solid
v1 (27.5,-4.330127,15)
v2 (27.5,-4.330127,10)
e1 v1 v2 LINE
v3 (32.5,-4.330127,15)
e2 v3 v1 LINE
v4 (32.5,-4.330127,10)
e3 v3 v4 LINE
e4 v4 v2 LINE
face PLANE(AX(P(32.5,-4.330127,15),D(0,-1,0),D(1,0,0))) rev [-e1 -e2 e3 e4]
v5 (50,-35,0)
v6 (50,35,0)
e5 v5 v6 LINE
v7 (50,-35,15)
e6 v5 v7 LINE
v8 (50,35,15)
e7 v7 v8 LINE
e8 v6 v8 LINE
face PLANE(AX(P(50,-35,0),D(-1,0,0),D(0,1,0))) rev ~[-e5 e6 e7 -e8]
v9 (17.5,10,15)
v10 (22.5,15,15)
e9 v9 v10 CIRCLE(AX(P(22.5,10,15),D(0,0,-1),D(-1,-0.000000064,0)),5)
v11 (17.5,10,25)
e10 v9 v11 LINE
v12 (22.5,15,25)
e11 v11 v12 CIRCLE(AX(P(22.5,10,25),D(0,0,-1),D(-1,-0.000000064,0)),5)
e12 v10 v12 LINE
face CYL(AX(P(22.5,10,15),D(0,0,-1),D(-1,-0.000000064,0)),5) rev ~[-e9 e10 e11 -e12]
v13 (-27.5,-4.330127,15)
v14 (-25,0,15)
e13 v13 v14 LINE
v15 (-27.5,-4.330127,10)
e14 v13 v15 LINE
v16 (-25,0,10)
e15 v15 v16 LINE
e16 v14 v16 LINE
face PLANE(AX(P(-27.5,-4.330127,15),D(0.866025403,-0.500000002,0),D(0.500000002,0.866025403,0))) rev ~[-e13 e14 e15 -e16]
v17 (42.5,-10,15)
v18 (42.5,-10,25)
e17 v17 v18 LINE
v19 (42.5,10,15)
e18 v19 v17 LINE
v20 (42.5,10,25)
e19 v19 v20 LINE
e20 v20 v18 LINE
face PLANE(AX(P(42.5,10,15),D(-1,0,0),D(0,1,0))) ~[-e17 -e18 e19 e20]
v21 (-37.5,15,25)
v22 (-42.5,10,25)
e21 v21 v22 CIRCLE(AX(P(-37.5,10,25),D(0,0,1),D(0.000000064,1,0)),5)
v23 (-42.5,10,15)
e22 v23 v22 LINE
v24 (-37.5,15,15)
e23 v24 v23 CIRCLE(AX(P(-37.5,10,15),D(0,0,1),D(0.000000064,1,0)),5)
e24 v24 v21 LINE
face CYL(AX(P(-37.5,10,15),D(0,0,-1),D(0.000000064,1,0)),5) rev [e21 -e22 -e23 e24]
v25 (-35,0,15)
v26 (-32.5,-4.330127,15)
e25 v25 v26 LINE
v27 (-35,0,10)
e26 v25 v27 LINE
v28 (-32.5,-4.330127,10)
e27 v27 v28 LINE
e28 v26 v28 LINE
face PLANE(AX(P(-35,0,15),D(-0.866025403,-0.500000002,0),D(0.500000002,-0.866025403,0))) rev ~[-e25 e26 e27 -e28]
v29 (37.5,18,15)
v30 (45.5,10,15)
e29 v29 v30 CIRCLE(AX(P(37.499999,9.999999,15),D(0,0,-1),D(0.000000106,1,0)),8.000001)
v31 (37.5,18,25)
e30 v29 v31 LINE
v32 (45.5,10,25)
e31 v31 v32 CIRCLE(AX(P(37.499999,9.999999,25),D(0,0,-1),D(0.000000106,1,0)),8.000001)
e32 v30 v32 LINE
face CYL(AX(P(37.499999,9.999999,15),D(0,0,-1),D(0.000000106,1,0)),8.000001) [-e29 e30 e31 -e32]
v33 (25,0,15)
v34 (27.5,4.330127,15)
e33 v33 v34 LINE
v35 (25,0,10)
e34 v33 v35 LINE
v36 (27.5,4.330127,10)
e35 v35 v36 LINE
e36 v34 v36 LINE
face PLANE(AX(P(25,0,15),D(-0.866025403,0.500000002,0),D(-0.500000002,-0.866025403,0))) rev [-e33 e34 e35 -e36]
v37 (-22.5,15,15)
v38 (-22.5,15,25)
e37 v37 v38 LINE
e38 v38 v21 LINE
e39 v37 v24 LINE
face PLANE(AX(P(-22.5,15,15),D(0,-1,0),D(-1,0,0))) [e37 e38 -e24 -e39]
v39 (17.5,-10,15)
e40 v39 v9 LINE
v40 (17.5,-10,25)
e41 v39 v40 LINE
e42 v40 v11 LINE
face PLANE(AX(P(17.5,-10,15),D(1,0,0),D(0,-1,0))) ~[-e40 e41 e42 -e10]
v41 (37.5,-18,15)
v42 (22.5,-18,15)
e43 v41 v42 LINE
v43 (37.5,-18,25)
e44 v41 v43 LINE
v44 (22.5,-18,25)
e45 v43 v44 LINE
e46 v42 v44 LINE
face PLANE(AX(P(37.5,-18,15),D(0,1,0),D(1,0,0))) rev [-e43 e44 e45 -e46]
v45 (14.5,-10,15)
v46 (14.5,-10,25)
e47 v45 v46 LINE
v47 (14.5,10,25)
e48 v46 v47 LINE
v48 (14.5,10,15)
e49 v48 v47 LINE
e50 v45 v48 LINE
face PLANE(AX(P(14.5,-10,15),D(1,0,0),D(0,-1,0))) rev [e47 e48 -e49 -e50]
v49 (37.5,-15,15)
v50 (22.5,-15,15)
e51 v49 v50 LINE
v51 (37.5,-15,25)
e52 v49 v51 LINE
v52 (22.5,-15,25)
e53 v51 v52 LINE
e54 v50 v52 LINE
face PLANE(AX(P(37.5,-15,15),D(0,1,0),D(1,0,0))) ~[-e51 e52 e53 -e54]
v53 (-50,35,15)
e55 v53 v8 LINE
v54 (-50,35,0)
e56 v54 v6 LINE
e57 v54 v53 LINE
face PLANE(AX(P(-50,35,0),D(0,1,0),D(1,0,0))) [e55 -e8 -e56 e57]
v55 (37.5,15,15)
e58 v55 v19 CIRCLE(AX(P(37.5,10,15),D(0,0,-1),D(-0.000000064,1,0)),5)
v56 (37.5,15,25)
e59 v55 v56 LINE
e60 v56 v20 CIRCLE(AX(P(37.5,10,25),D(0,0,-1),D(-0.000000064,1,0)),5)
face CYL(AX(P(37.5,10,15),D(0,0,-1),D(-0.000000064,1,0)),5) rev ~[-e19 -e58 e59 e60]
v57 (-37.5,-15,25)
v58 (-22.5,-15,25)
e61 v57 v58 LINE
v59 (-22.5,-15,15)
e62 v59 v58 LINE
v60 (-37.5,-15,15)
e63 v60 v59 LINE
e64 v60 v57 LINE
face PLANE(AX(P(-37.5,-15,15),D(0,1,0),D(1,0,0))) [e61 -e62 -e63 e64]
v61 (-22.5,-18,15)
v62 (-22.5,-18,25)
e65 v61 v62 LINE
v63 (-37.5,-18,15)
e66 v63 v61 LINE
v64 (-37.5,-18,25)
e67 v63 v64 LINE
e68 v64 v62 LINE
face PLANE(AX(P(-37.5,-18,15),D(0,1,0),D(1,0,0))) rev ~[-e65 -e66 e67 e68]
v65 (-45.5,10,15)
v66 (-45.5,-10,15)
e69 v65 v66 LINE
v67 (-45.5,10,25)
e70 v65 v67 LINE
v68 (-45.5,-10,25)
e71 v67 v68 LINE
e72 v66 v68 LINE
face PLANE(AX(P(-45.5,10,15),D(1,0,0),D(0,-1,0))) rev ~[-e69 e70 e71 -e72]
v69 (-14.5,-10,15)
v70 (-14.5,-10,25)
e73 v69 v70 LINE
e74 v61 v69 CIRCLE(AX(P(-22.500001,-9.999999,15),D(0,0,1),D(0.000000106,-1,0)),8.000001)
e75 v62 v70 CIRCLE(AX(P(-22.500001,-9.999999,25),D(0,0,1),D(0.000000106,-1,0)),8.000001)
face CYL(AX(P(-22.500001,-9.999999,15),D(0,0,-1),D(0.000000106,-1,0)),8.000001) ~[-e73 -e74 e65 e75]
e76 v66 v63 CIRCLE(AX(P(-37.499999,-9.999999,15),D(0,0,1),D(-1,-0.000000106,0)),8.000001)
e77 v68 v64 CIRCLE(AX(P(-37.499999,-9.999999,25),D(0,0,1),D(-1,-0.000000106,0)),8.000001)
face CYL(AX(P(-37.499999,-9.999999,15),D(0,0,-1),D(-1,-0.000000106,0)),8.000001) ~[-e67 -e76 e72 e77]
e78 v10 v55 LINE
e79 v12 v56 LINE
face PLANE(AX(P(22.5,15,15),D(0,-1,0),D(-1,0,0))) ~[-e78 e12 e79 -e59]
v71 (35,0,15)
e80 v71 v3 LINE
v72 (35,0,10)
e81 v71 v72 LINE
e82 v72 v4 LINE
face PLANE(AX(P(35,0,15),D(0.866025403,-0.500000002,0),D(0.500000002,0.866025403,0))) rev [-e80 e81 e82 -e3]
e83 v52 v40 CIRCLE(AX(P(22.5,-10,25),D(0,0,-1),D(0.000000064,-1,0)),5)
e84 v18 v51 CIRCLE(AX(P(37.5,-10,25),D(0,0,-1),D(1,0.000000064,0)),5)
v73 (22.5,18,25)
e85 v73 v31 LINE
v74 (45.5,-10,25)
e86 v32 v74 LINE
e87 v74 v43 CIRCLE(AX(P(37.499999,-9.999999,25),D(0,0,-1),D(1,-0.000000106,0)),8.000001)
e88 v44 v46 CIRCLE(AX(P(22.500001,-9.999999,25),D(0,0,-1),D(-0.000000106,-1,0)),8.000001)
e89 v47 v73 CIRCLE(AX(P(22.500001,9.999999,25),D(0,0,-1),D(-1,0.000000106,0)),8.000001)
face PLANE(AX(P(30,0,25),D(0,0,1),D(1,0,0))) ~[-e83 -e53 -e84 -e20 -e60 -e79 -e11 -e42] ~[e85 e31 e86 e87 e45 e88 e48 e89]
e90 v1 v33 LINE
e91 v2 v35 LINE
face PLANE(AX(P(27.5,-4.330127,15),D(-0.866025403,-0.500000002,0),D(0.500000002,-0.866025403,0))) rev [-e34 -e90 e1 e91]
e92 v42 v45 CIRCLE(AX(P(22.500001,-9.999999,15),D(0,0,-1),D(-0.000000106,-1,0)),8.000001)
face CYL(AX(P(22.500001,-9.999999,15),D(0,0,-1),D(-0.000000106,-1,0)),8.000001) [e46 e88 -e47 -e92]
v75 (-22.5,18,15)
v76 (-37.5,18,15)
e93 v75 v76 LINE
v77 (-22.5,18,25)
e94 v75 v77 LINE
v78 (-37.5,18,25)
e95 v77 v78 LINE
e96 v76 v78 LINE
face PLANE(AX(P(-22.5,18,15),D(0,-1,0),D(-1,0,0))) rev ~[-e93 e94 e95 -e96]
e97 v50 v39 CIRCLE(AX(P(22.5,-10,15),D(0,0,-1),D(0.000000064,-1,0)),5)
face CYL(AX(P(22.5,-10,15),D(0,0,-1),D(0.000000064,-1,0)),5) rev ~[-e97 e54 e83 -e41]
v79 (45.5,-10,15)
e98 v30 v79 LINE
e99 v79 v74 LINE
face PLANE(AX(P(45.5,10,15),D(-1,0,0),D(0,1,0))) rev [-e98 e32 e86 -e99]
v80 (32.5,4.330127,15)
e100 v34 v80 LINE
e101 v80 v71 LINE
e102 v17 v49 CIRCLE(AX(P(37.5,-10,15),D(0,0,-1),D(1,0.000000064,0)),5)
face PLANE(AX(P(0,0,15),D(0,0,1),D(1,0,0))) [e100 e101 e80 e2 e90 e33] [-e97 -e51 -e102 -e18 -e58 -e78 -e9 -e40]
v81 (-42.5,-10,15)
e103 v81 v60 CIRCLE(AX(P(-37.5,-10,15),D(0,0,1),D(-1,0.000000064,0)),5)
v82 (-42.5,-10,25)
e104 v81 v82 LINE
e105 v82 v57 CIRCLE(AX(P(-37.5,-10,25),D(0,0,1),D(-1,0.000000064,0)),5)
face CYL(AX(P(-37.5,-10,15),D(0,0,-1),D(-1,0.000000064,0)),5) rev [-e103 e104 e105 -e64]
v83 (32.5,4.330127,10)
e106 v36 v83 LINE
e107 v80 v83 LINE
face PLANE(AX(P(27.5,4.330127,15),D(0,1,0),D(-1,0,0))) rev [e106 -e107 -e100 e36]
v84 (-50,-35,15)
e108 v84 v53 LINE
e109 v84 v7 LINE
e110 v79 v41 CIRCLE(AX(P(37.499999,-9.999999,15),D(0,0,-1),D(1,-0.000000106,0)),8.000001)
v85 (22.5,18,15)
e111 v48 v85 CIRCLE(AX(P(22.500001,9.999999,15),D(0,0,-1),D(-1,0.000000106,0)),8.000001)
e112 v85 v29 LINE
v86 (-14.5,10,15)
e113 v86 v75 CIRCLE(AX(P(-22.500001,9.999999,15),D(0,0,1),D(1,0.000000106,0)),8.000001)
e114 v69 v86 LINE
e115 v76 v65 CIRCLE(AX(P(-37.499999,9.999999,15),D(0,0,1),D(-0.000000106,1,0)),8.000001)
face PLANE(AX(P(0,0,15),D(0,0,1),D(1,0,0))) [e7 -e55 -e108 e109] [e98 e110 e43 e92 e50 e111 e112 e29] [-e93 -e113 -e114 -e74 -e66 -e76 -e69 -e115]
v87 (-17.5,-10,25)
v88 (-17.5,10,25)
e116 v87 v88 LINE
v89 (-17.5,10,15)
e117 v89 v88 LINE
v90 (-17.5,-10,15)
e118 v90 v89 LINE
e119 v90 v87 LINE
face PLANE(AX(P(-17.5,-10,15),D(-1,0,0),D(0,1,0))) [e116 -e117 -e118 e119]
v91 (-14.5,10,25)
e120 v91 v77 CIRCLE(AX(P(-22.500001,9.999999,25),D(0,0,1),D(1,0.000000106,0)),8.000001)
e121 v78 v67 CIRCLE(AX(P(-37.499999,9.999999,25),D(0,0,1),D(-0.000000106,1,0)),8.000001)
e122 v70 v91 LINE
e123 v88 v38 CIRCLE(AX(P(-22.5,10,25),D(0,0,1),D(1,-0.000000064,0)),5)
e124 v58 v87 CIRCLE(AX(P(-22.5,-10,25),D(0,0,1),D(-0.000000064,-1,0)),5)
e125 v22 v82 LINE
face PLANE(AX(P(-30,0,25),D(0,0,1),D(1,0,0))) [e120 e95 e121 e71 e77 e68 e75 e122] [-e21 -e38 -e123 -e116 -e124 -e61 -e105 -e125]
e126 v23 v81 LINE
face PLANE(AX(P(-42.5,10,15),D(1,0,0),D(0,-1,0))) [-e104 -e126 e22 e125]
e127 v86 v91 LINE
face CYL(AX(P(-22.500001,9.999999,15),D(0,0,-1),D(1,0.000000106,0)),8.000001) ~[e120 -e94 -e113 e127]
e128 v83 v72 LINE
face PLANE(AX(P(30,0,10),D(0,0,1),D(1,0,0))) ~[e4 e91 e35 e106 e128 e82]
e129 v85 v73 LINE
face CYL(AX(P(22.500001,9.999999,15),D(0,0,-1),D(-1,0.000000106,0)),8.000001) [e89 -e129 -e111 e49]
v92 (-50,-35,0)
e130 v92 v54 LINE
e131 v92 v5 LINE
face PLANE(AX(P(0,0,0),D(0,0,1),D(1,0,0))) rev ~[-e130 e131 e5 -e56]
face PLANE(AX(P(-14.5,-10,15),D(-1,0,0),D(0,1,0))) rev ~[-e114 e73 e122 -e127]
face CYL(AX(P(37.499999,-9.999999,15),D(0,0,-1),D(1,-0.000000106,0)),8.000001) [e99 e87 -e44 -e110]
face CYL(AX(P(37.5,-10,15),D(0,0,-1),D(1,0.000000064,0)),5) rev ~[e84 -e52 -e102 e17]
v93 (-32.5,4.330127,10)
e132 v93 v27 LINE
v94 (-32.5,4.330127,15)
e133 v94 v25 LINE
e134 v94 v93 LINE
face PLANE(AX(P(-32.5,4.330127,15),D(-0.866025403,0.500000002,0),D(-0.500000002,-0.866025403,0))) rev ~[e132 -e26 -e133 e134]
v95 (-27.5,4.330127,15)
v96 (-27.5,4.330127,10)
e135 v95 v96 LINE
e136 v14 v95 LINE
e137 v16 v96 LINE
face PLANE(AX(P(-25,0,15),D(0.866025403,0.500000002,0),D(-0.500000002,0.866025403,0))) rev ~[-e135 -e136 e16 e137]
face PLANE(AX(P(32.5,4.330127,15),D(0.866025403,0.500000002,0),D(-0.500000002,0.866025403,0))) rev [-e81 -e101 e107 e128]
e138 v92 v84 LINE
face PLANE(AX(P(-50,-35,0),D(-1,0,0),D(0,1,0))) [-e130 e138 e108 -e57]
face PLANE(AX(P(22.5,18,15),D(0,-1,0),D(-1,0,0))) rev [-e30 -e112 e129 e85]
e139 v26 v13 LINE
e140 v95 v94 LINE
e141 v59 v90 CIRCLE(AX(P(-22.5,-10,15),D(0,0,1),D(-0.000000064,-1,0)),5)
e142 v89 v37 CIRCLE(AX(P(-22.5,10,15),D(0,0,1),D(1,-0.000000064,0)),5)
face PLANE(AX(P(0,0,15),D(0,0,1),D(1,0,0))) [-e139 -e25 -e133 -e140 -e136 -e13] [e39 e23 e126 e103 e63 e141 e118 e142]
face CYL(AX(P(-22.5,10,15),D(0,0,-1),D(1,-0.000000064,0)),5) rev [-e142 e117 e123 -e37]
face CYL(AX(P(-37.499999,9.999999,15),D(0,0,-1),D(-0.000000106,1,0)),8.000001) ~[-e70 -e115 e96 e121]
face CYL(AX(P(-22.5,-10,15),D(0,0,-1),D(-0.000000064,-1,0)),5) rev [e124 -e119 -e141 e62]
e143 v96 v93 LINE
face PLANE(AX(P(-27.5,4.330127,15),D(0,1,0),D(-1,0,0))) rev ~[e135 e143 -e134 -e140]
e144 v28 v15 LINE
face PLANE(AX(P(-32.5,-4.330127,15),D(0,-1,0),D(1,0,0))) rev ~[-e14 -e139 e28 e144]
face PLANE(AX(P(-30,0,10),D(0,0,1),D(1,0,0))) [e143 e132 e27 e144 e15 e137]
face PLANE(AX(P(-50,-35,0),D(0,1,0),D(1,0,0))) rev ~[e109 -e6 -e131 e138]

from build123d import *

# Parameters (mm, degrees)
SKETCH_W     = 100
SKETCH_H     = 70
PAD_DEPTH    = 15
PAD001_DEPTH = 10
POCKET_DEPTH = 5


with BuildPart() as part:
    # Sketch → Pad (new body)
    with BuildSketch(Plane.XY):
        Rectangle(SKETCH_W, SKETCH_H)
    extrude(amount=PAD_DEPTH)

    # Sketch001 (on Face6 of Pad) → Pad001 (join)
    with BuildSketch(Plane.XY.offset(15)):
        with BuildLine():
            Line((-37.5, -18), (-22.5, -18))
            ThreePointArc((-22.5, -18), (-16.843146, -15.656854), (-14.5, -10))
            Line((-14.5, -10), (-14.5, 10))
            ThreePointArc((-14.5, 10), (-16.843146, 15.656854), (-22.5, 18))
            Line((-22.5, 18), (-37.5, 18))
            ThreePointArc((-37.5, 18), (-43.156854, 15.656854), (-45.5, 10))
            Line((-45.5, 10), (-45.5, -10))
            ThreePointArc((-45.5, -10), (-43.156854, -15.656854), (-37.5, -18))
        make_face()
        with BuildLine():
            Line((-37.5, -15), (-22.5, -15))
            ThreePointArc((-22.5, -15), (-18.964466, -13.535534), (-17.5, -10))
            Line((-17.5, -10), (-17.5, 10))
            ThreePointArc((-17.5, 10), (-18.964466, 13.535534), (-22.5, 15))
            Line((-22.5, 15), (-37.5, 15))
            ThreePointArc((-37.5, 15), (-41.035534, 13.535534), (-42.5, 10))
            Line((-42.5, 10), (-42.5, -10))
            ThreePointArc((-42.5, -10), (-41.035534, -13.535534), (-37.5, -15))
        make_face(mode=Mode.SUBTRACT)
    pad001 = extrude(amount=PAD001_DEPTH)

    # Sketch002 (on Face5 of Pad001) → Pocket (cut)
    with BuildSketch(Plane.XY.offset(15)):
        Polygon((-25, 0), (-27.5, 4.330127), (-32.5, 4.330127), (-35, 0), (-32.5, -4.330127), (-27.5, -4.330127), align=None)
    pocket = extrude(amount=-POCKET_DEPTH, mode=Mode.SUBTRACT)

    # Mirrored: Pad001, Pocket across Sketch001 V_Axis
    add(pad001.mirror(Plane(origin=(0, 0, 15), x_dir=(0, 0, 1), z_dir=(1, 0, 0))))
    add(pocket.mirror(Plane(origin=(0, 0, 15), x_dir=(0, 0, 1), z_dir=(1, 0, 0))), mode=Mode.SUBTRACT)


solid = part.part
